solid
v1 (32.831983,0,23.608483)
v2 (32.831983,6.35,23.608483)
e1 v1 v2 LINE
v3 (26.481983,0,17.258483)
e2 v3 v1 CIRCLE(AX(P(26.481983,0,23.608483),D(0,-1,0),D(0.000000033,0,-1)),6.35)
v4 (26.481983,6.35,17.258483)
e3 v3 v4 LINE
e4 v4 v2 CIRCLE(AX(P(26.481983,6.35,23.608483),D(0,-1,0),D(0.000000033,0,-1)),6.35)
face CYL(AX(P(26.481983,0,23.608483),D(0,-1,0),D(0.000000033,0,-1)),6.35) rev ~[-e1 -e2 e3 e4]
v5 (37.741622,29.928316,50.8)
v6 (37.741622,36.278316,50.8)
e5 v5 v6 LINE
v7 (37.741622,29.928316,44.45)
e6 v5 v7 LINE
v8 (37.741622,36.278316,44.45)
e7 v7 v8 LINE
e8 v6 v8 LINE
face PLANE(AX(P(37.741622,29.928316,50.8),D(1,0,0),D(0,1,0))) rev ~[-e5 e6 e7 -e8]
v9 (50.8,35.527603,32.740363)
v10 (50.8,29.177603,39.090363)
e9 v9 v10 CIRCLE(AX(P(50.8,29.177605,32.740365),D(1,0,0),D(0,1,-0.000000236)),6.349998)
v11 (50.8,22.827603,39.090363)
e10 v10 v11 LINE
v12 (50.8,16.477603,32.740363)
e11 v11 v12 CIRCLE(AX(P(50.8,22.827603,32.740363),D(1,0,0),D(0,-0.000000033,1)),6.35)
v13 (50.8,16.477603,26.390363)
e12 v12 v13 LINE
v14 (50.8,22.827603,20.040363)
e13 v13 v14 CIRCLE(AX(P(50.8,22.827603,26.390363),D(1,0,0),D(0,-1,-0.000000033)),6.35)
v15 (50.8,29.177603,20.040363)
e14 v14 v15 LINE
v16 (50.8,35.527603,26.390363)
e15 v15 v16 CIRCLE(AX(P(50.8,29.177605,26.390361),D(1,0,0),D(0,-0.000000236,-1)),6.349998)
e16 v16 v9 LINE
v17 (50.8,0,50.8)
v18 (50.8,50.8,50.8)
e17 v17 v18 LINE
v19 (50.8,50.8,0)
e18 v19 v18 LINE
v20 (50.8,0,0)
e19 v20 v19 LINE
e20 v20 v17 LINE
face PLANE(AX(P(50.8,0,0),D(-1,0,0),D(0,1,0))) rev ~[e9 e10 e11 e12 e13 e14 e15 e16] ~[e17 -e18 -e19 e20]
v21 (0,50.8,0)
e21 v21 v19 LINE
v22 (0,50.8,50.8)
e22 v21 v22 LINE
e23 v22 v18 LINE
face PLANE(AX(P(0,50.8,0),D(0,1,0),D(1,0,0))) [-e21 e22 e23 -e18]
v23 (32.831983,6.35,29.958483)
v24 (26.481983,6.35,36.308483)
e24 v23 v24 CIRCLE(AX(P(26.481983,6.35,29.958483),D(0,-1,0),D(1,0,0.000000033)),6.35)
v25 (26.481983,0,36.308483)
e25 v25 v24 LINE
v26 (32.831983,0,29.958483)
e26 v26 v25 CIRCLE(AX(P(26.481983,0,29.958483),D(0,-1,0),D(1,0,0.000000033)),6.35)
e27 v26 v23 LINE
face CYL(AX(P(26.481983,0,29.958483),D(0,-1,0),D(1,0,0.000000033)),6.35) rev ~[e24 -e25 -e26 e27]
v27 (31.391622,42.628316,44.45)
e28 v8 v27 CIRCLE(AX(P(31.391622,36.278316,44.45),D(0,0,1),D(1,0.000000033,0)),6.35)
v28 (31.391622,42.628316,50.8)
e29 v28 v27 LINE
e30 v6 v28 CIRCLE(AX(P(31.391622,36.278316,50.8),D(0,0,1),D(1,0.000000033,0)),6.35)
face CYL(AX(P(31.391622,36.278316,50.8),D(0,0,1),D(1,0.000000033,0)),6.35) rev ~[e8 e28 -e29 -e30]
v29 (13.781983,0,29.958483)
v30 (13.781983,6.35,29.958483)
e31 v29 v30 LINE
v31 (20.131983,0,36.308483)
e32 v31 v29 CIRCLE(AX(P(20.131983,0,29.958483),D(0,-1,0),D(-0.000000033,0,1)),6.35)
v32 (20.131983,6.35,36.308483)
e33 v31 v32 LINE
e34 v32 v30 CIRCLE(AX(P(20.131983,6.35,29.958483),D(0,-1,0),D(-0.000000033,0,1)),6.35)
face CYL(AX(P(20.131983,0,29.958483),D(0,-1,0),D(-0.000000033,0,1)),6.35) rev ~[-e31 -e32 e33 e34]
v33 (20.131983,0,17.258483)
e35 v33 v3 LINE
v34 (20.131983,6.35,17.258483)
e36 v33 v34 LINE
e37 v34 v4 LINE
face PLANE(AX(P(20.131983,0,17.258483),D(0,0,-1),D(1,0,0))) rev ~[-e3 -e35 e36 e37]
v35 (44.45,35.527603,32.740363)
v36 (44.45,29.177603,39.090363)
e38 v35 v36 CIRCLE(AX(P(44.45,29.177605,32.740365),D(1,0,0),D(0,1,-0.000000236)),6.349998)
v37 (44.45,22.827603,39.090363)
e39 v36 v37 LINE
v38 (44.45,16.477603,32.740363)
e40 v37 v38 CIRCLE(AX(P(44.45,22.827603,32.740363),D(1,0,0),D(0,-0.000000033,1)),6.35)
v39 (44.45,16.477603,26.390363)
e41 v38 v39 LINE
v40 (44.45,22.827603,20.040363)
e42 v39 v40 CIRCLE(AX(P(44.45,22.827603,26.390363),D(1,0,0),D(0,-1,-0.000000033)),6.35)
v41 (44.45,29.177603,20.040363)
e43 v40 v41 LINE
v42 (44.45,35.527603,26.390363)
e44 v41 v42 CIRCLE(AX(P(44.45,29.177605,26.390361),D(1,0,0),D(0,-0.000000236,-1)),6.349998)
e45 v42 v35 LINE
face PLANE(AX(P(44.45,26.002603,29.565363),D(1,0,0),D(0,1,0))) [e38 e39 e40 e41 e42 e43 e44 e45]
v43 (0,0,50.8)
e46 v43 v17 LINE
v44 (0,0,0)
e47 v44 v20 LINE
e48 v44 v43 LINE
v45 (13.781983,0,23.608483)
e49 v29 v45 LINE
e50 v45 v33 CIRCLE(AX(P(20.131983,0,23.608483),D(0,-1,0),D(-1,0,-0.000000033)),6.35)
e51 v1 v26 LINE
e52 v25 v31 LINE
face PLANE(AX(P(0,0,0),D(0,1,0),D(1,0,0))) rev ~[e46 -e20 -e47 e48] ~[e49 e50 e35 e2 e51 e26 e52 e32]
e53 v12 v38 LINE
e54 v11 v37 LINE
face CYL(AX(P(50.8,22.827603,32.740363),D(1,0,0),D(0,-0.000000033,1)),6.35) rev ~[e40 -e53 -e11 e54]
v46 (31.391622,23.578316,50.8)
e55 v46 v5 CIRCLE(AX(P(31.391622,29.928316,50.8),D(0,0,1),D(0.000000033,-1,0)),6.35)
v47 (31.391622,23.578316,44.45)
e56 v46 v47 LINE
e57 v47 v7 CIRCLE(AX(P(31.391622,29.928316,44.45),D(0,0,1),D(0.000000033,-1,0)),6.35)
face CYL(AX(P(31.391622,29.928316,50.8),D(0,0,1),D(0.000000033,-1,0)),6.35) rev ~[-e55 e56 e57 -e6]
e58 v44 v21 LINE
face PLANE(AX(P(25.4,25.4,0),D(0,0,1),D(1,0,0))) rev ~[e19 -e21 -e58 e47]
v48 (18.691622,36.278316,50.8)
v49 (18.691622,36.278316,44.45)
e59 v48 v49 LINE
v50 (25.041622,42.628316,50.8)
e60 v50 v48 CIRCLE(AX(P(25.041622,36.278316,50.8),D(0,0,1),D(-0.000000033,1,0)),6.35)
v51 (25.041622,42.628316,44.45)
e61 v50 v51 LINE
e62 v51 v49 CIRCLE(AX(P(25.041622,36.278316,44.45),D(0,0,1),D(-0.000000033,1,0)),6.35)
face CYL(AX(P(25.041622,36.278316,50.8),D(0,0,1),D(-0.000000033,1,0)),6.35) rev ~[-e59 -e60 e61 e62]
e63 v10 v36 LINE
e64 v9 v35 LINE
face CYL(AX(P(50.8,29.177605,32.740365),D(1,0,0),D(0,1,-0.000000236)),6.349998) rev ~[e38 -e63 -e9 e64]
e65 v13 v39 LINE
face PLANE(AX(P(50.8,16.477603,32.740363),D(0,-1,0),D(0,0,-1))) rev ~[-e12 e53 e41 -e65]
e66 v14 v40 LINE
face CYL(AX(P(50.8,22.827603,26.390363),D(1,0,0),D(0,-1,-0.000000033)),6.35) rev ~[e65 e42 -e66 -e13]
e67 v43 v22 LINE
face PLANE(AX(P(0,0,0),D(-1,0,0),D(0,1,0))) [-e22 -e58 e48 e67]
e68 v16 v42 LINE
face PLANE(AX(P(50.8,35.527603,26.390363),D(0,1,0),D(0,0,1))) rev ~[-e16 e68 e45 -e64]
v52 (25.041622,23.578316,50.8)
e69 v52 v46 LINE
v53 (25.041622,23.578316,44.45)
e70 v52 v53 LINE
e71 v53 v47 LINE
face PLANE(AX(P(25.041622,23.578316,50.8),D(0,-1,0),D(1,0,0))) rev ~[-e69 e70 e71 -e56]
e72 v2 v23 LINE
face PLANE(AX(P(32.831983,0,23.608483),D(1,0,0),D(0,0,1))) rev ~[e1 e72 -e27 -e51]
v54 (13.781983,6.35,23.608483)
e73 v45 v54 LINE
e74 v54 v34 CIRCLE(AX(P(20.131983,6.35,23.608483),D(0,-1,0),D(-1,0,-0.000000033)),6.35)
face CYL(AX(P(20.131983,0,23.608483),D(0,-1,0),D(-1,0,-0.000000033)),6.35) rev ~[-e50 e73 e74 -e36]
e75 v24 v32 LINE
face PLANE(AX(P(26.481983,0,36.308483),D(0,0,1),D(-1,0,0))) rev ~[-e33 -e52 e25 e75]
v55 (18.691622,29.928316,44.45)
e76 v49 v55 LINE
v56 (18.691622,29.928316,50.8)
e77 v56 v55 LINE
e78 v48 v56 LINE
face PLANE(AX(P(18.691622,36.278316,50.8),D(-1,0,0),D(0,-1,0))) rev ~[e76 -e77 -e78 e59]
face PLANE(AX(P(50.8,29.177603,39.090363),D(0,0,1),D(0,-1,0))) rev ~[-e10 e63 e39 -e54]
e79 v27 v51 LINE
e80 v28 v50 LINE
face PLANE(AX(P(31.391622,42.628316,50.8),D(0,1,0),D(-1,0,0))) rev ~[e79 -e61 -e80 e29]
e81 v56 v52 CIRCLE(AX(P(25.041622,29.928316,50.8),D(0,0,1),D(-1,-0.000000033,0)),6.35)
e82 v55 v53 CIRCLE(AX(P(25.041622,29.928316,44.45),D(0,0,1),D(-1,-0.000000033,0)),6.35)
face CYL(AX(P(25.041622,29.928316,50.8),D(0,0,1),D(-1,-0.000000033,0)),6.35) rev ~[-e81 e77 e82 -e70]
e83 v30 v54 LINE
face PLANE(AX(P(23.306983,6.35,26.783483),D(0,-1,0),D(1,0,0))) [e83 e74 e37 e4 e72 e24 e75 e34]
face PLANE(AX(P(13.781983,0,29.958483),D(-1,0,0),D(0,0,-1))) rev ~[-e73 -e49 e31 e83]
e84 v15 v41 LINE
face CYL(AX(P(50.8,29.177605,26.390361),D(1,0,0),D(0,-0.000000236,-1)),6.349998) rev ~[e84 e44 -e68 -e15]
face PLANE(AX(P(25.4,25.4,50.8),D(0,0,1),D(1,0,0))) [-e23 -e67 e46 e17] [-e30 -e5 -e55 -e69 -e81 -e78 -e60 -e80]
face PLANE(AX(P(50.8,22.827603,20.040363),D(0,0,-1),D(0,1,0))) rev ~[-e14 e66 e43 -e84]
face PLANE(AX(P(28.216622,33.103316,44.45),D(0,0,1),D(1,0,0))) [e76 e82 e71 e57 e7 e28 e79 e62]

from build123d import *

# Parameters (mm, degrees)
F0_W     = 50.8
F0_H     = 50.8
F1_DEPTH = 50.8
F3_DEPTH = 6.35
F5_DEPTH = 6.35
F7_DEPTH = 6.35


with BuildPart() as f1:
    # F0 (on Top) → F1 (new body)
    with BuildSketch(Plane.XY):
        with Locations((25.4, 25.4)):
            Rectangle(F0_W, F0_H)
    extrude(amount=F1_DEPTH)

    # F2 (on face) → F3 (cut)
    with BuildSketch(Plane.XY.offset(50.8)):
        with BuildLine():
            ThreePointArc((18.691622, 29.928316), (20.551494, 25.438188), (25.041622, 23.578316))
            Line((25.041622, 23.578316), (31.391622, 23.578316))
            ThreePointArc((31.391622, 23.578316), (35.88175, 25.438188), (37.741622, 29.928316))
            Line((37.741622, 29.928316), (37.741622, 36.278316))
            ThreePointArc((37.741622, 36.278316), (35.88175, 40.768444), (31.391622, 42.628316))
            Line((31.391622, 42.628316), (25.041622, 42.628316))
            ThreePointArc((25.041622, 42.628316), (20.551494, 40.768444), (18.691622, 36.278316))
            Line((18.691622, 36.278316), (18.691622, 29.928316))
        make_face()
    extrude(amount=-F3_DEPTH, mode=Mode.SUBTRACT)

    # F4 (on face) → F5 (cut)
    with BuildSketch(Plane.XZ):
        with BuildLine():
            ThreePointArc((13.781983, 23.608483), (15.641855, 19.118355), (20.131983, 17.258483))
            Line((20.131983, 17.258483), (26.481983, 17.258483))
            ThreePointArc((26.481983, 17.258483), (30.972111, 19.118355), (32.831983, 23.608483))
            Line((32.831983, 23.608483), (32.831983, 29.958483))
            ThreePointArc((32.831983, 29.958483), (30.972111, 34.448611), (26.481983, 36.308483))
            Line((26.481983, 36.308483), (20.131983, 36.308483))
            ThreePointArc((20.131983, 36.308483), (15.641855, 34.448611), (13.781983, 29.958483))
            Line((13.781983, 29.958483), (13.781983, 23.608483))
        make_face()
    extrude(amount=-F5_DEPTH, mode=Mode.SUBTRACT)

    # F6 (on face) → F7 (cut)
    with BuildSketch(Plane.YZ.offset(50.8)):
        with BuildLine():
            Line((22.827603, 20.040363), (29.177603, 20.040363))
            ThreePointArc((29.177603, 20.040363), (33.667732, 21.900235), (35.527603, 26.390363))
            Line((35.527603, 26.390363), (35.527603, 32.740363))
            ThreePointArc((35.527603, 32.740363), (33.667732, 37.230491), (29.177603, 39.090363))
            Line((29.177603, 39.090363), (22.827603, 39.090363))
            ThreePointArc((22.827603, 39.090363), (18.337475, 37.230491), (16.477603, 32.740363))
            Line((16.477603, 32.740363), (16.477603, 26.390363))
            ThreePointArc((16.477603, 26.390363), (18.337475, 21.900235), (22.827603, 20.040363))
        make_face()
    extrude(amount=-F7_DEPTH, mode=Mode.SUBTRACT)


solid = f1.part
